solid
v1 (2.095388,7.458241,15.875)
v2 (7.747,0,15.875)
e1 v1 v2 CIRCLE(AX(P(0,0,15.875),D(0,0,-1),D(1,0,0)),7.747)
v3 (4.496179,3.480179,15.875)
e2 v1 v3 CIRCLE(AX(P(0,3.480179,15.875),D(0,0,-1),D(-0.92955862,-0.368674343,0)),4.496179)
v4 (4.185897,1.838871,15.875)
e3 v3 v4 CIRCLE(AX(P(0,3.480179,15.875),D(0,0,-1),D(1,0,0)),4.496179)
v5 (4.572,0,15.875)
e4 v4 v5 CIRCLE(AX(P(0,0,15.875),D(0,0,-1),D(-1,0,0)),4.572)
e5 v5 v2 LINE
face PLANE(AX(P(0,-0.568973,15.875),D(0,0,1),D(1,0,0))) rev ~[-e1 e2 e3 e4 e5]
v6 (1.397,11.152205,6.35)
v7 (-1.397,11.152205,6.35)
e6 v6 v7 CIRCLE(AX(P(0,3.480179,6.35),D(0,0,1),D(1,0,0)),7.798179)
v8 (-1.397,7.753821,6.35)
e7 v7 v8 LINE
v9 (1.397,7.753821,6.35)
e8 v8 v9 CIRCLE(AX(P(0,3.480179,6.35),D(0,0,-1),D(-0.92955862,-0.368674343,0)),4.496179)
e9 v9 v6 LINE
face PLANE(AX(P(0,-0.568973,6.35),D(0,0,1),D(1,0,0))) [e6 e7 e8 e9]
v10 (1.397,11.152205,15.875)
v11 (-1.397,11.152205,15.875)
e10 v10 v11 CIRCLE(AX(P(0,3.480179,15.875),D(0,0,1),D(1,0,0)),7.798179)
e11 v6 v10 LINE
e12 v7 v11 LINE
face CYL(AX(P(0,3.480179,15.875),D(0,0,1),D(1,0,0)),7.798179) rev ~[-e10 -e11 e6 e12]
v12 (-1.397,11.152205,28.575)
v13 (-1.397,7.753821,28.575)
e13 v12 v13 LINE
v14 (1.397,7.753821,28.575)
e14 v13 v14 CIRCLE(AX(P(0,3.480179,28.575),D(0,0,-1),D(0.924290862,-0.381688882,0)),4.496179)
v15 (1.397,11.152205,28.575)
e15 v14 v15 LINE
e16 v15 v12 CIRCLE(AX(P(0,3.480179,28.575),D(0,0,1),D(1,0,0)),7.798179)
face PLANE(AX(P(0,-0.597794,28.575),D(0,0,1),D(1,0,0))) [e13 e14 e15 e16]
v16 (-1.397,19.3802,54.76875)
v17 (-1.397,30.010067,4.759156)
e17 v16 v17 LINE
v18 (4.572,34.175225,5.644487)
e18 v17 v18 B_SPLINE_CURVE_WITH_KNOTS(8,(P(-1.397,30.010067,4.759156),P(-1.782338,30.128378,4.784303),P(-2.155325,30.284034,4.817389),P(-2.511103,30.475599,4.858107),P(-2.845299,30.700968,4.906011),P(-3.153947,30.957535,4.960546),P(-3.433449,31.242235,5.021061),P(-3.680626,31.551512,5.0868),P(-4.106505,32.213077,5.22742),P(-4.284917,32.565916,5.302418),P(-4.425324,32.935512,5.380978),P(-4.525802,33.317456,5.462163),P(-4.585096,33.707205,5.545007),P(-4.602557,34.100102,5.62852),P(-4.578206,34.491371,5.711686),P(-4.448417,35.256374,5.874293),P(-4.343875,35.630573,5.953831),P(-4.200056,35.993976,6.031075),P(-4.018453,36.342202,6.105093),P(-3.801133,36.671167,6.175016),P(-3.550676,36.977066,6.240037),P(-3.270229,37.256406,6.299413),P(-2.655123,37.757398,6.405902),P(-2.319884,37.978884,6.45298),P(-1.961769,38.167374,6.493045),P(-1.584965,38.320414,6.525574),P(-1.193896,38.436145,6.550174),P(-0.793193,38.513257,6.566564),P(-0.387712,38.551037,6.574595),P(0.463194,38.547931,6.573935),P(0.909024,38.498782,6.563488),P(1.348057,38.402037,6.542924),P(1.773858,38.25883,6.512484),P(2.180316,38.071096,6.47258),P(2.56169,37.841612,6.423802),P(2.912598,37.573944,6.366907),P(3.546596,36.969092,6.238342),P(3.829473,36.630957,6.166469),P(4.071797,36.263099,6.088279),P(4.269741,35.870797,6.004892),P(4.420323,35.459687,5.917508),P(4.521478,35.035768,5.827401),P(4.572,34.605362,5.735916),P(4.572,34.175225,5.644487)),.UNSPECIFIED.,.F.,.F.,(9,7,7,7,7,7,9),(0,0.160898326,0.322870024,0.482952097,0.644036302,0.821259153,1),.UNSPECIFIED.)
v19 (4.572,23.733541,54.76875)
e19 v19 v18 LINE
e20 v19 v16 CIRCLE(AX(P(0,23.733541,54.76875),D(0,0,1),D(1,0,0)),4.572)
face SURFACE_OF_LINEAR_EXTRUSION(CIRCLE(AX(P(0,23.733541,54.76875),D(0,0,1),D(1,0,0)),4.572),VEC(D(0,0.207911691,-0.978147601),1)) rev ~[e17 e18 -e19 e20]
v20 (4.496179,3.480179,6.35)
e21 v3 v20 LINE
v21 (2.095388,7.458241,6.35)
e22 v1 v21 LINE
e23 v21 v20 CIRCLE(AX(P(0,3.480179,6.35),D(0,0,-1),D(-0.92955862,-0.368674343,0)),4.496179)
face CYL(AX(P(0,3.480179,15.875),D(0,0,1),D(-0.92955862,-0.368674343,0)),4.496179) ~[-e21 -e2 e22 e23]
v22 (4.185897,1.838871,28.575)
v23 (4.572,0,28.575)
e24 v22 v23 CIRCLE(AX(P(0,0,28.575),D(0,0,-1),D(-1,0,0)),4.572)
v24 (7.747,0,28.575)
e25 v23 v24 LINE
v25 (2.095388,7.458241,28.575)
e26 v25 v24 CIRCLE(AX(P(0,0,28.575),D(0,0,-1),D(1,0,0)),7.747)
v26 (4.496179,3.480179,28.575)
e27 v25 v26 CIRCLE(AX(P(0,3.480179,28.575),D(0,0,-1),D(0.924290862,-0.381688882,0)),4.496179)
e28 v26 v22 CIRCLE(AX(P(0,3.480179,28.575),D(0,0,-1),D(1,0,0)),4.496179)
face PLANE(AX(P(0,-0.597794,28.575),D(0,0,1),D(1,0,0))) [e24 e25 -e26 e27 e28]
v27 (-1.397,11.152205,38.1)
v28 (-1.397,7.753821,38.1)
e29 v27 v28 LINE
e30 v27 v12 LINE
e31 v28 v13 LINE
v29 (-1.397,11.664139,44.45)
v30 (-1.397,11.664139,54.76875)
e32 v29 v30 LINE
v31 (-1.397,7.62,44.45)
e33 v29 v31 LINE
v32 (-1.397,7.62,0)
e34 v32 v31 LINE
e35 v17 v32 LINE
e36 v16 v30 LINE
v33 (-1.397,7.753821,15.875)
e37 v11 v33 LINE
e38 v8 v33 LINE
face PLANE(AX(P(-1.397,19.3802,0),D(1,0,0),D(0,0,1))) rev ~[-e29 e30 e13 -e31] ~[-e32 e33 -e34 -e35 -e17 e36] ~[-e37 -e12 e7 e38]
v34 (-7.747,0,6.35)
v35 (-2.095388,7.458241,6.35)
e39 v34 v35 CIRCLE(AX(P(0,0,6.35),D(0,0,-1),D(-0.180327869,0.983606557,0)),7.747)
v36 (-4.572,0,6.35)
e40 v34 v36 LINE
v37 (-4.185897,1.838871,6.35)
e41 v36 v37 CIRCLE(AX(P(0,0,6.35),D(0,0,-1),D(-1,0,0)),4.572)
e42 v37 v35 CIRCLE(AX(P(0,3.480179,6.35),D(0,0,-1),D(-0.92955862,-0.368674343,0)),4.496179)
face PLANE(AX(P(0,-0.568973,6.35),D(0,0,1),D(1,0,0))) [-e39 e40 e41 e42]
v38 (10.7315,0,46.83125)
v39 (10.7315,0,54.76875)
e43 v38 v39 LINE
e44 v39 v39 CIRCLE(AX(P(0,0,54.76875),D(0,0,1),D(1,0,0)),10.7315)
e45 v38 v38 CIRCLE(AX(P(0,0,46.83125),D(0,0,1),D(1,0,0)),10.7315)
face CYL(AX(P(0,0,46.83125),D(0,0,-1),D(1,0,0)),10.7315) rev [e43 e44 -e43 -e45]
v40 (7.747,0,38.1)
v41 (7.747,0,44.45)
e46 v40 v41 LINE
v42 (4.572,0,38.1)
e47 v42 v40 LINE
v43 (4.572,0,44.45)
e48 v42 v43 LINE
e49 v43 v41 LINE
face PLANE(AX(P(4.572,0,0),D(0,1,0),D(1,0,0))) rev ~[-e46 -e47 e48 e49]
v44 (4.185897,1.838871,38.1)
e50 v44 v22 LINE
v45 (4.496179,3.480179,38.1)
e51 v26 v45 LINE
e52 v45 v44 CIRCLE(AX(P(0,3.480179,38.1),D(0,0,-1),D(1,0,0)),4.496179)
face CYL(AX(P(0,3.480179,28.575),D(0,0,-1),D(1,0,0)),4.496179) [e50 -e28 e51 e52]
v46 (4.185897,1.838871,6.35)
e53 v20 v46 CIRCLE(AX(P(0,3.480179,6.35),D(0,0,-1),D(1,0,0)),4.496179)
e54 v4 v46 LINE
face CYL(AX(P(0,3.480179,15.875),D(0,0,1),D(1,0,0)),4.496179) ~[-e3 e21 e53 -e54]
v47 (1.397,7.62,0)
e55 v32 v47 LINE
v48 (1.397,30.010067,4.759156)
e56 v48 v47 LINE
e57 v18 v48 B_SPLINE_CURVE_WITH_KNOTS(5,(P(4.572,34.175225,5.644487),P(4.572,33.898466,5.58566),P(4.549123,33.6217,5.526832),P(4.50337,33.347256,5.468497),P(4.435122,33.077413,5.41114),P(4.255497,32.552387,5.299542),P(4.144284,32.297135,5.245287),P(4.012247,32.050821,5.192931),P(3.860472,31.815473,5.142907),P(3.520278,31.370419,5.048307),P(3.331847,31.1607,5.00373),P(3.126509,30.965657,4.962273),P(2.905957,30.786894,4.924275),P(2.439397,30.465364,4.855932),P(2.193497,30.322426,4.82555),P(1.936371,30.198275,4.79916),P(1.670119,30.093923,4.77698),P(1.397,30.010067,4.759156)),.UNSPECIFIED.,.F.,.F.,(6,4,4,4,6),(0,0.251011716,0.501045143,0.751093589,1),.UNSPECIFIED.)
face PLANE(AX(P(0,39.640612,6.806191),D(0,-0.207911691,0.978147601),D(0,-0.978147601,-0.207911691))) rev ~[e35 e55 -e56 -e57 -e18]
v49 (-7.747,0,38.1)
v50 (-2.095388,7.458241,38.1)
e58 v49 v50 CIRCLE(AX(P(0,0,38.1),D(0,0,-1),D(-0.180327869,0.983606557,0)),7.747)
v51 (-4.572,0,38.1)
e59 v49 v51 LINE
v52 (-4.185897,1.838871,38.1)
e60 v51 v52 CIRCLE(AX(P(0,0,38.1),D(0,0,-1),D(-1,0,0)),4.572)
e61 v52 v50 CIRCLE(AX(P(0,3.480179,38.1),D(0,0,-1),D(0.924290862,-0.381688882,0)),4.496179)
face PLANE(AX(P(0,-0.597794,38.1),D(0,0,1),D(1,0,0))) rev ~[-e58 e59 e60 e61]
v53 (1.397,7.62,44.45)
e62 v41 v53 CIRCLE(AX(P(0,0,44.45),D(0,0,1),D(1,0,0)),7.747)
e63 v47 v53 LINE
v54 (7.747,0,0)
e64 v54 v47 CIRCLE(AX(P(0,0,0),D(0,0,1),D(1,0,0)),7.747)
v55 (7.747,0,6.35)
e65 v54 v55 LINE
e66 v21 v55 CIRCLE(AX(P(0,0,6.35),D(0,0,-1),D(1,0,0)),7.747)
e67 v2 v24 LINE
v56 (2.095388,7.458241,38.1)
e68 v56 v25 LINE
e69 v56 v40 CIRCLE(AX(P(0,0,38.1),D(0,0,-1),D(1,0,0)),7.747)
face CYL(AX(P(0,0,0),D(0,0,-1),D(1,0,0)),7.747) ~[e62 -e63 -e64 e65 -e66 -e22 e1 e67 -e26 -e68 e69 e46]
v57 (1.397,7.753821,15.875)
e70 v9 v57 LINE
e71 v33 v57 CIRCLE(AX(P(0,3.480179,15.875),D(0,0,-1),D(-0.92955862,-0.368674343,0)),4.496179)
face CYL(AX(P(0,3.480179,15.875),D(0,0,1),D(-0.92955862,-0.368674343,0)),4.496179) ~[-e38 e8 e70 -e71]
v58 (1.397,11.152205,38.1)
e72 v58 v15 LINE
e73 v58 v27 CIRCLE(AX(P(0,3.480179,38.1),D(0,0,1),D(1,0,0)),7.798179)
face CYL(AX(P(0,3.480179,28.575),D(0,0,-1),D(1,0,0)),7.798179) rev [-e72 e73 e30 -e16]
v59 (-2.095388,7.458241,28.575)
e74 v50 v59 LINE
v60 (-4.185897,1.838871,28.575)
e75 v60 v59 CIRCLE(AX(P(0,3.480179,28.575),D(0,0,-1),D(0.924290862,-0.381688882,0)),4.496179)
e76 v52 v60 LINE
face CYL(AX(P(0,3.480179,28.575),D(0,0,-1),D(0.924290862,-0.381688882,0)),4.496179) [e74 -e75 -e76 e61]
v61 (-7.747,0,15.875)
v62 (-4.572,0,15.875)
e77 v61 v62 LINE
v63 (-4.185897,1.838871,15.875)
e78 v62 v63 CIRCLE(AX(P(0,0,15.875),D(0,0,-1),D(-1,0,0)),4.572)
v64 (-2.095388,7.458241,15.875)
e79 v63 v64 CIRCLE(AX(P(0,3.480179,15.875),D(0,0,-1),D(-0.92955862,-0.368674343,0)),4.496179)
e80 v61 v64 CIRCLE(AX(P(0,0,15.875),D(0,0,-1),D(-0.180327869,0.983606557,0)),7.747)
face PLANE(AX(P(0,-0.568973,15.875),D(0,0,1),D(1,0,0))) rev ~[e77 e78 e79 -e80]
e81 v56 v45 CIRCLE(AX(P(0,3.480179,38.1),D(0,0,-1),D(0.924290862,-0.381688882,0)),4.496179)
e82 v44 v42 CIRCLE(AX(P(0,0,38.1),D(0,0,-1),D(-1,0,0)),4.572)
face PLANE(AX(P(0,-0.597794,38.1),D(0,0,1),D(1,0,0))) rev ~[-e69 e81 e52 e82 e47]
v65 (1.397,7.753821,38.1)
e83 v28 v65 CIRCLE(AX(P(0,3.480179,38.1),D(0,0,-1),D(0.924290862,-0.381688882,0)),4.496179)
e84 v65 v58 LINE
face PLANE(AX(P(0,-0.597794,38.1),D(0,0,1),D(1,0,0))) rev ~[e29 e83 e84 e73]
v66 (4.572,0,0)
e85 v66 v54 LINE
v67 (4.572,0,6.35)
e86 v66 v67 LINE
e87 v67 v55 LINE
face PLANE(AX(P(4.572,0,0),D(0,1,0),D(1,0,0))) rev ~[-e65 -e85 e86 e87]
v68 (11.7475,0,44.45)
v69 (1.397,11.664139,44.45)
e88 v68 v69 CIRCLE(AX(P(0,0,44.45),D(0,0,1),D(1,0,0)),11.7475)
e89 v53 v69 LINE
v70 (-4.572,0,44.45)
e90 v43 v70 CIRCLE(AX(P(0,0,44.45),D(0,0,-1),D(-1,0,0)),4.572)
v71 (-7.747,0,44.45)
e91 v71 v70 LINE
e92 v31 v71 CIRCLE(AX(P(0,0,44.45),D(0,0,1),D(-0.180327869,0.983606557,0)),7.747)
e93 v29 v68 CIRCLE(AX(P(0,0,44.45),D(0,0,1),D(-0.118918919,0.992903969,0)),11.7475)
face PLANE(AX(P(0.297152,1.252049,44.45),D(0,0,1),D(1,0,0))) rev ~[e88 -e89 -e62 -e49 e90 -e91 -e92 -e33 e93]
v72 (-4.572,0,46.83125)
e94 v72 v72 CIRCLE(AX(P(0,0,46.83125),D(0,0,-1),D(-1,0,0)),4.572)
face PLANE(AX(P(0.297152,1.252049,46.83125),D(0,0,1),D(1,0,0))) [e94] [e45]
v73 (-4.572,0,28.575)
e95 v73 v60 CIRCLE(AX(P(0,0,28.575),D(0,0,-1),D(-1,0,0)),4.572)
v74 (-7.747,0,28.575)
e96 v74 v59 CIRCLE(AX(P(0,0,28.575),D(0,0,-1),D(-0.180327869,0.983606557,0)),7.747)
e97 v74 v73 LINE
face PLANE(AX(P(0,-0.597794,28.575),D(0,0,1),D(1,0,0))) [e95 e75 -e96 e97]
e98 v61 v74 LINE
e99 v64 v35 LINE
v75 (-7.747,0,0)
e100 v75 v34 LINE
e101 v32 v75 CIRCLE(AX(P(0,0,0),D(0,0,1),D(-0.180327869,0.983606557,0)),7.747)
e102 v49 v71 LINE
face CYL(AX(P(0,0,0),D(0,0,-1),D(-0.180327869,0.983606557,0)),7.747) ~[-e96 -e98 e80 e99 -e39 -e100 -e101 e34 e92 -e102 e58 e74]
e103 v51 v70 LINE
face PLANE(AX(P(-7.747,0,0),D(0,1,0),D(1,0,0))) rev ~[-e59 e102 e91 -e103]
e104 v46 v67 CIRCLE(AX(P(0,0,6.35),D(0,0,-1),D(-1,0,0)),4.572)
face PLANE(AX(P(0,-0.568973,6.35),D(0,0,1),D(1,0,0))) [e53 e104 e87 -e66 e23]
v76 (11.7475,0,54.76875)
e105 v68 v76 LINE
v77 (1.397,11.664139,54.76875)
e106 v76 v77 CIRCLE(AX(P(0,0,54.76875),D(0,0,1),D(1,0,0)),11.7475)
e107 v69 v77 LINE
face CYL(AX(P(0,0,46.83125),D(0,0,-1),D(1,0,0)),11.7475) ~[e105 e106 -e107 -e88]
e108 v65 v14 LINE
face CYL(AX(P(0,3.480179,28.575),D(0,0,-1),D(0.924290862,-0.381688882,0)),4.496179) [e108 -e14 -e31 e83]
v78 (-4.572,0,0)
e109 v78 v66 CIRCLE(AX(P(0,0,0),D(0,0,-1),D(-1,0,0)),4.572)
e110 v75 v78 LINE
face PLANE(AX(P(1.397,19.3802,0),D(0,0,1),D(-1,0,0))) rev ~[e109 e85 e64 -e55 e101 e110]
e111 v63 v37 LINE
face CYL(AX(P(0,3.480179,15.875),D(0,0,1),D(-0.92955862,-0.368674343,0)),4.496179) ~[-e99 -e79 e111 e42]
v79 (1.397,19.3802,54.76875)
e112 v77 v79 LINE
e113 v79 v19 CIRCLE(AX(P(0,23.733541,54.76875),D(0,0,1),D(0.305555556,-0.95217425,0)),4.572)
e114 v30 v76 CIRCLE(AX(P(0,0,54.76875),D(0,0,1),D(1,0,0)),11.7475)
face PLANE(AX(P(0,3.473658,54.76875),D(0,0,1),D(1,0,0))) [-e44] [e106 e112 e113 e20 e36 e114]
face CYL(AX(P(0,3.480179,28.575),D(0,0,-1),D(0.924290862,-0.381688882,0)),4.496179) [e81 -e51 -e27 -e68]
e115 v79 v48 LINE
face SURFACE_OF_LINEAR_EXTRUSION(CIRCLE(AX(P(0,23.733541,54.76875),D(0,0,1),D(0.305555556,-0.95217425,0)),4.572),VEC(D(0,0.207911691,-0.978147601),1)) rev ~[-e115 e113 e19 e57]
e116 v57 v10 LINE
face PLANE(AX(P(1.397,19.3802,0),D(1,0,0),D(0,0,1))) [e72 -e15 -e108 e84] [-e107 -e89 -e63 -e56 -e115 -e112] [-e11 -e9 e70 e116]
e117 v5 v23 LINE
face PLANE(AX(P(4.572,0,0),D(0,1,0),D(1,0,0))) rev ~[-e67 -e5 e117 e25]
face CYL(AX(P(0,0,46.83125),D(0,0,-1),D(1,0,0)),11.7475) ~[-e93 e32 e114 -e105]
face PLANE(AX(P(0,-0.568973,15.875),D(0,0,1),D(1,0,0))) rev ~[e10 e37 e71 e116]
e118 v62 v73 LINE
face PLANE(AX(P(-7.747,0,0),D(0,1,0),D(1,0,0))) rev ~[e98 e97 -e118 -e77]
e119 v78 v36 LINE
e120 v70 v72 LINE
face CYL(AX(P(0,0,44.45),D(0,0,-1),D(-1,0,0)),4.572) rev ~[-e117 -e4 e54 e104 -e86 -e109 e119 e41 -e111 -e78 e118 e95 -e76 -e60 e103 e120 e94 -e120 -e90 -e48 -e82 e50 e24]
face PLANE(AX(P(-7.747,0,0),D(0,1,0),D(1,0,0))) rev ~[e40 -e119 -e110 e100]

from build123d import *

# Parameters (mm, degrees)
F1_DEPTH    = 44.45
F9_DEPTH    = 9.525
F10_DEPTH   = 9.525
F12_DEPTH   = 2.38125
F13_R       = 11.7475
F13_R_2     = 10.7315
F14_DEPTH   = 7.9375
F15_DEPTH   = 10.31875
F15_FACE1_W = 2.794
F15_FACE1_H = 54.76875
F22_DEPTH   = 12.7


with BuildPart() as f1:
    # F0 (on Top) → F1 (new body)
    with BuildSketch(Plane.XY):
        with BuildLine():
            ThreePointArc((-4.572, 0), (0, 4.572), (4.572, 0))
            Line((4.572, 0), (7.747, 0))
            ThreePointArc((7.747, 0), (5.951410253, 4.9595085442), (1.397, 7.62))
            ThreePointArc((1.397, 7.62), (0, 7.747), (-1.397, 7.62))
            ThreePointArc((-1.397, 7.62), (-5.951410253, 4.9595085442), (-7.747, 0))
            Line((-7.747, 0), (-4.572, 0))
        make_face()
        with BuildLine():
            ThreePointArc((-1.397, 7.62), (0, 7.747), (1.397, 7.62))
            Line((1.397, 7.62), (1.397, 19.3802))
            Line((1.397, 19.3802), (-1.397, 19.3802))
            Line((-1.397, 19.3802), (-1.397, 7.62))
        make_face()
    extrude(amount=F1_DEPTH)

    # F6 (on offset) → F9 (cut)
    with BuildSketch(Plane.XY.offset(28.575)):
        with BuildLine():
            ThreePointArc((4.1557772601, 1.7640375299), (0, -1.016), (-4.1557772601, 1.7640375299))
            Line((-4.1557772601, 1.7640375299), (-7.6070004234, 1.7640375299))
            ThreePointArc((-7.6070004234, 1.7640375299), (0, -4.318), (7.6070004234, 1.7640375299))
            Line((7.6070004234, 1.7640375299), (4.1557772601, 1.7640375299))
        make_face()
        with BuildLine():
            ThreePointArc((-4.1557772601, 1.7640375299), (-0.8747878771, 7.8904367738), (4.4961791045, 3.4801791045))
            ThreePointArc((4.4961791045, 3.4801791045), (4.4102576693, 2.6053912274), (4.1557772601, 1.7640375299))
            Line((4.1557772601, 1.7640375299), (7.6070004234, 1.7640375299))
            ThreePointArc((7.6070004234, 1.7640375299), (7.750237064, 2.6168003938), (7.7981791045, 3.4801791045))
            ThreePointArc((7.7981791045, 3.4801791045), (-0.8633787106, 11.2304161684), (-7.6070004234, 1.7640375299))
            Line((-7.6070004234, 1.7640375299), (-4.1557772601, 1.7640375299))
        make_face()
        with BuildLine():
            ThreePointArc((7.6070004234, 1.7640375299), (0, -4.318), (-7.6070004234, 1.7640375299))
            Line((-7.6070004234, 1.7640375299), (-8.4216929972, 1.7640375299))
            Line((-8.4216929972, 1.7640375299), (-8.4216929972, -6.3198274001))
            Line((-8.4216929972, -6.3198274001), (11.7628639564, -6.3198274001))
            Line((11.7628639564, -6.3198274001), (11.7628639564, 1.7640375299))
            Line((11.7628639564, 1.7640375299), (7.6070004234, 1.7640375299))
        make_face()
    extrude(amount=F9_DEPTH, mode=Mode.SUBTRACT)

    # F8 (on offset) → F10 (cut)
    with BuildSketch(Plane.XY.offset(15.875)):
        with BuildLine():
            ThreePointArc((4.179462045, 1.8225532258), (0, -1.016), (-4.179462045, 1.8225532258))
            Line((-4.179462045, 1.8225532258), (-7.6199654718, 1.8225532258))
            ThreePointArc((-7.6199654718, 1.8225532258), (0, -4.318), (7.6199654718, 1.8225532258))
            Line((7.6199654718, 1.8225532258), (4.179462045, 1.8225532258))
        make_face()
        with BuildLine():
            ThreePointArc((-4.179462045, 1.8225532258), (-0.8438058499, 7.8964692022), (4.4961791045, 3.4801791045))
            ThreePointArc((4.4961791045, 3.4801791045), (4.4162900977, 2.6363732546), (4.179462045, 1.8225532258))
            Line((4.179462045, 1.8225532258), (7.6199654718, 1.8225532258))
            ThreePointArc((7.6199654718, 1.8225532258), (7.7534976902, 2.6465899292), (7.7981791045, 3.4801791045))
            ThreePointArc((7.7981791045, 3.4801791045), (-0.8335891753, 11.2336767947), (-7.6199654718, 1.8225532258))
            Line((-7.6199654718, 1.8225532258), (-4.179462045, 1.8225532258))
        make_face()
        with BuildLine():
            ThreePointArc((7.6199654718, 1.8225532258), (0, -4.318), (-7.6199654718, 1.8225532258))
            Line((-7.6199654718, 1.8225532258), (-8.5849482566, 1.8225532258))
            Line((-8.5849482566, 1.8225532258), (-8.5849482566, -5.9901881032))
            Line((-8.5849482566, -5.9901881032), (8.4006469697, -5.9901881032))
            Line((8.4006469697, -5.9901881032), (8.4006469697, 1.8225532258))
            Line((8.4006469697, 1.8225532258), (7.6199654718, 1.8225532258))
        make_face()
    extrude(amount=-F10_DEPTH, mode=Mode.SUBTRACT)

    # F11 (on face) → F12 (join)
    with BuildSketch(Plane.XY.offset(44.45)):
        with BuildLine():
            ThreePointArc((-1.397, 11.6641393703), (-7.7971949684, -8.7867802337), (11.7475, 0))
            ThreePointArc((11.7475, 0), (8.7867802337, 7.7971949684), (1.397, 11.6641393703))
            Line((1.397, 11.6641393703), (1.397, 7.62))
            ThreePointArc((1.397, 7.62), (5.951410253, 4.9595085442), (7.747, 0))
            Line((7.747, 0), (4.572, 0))
            ThreePointArc((4.572, 0), (0, -4.572), (-4.572, 0))
            Line((-4.572, 0), (-7.747, 0))
            ThreePointArc((-7.747, 0), (-5.951410253, 4.9595085442), (-1.397, 7.62))
            Line((-1.397, 7.62), (-1.397, 11.6641393703))
        make_face()
        with BuildLine():
            Line((1.397, 7.62), (1.397, 11.6641393703))
            ThreePointArc((1.397, 11.6641393703), (0, 11.7475), (-1.397, 11.6641393703))
            Line((-1.397, 11.6641393703), (-1.397, 7.62))
            ThreePointArc((-1.397, 7.62), (-5.951410253, 4.9595085442), (-7.747, 0))
            Line((-7.747, 0), (-4.572, 0))
            ThreePointArc((-4.572, 0), (0, 4.572), (4.572, 0))
            Line((4.572, 0), (7.747, 0))
            ThreePointArc((7.747, 0), (5.951410253, 4.9595085442), (1.397, 7.62))
        make_face()
    extrude(amount=F12_DEPTH)

    # F13 (on face) → F14 (join)
    with BuildSketch(Plane.XY.offset(46.83125)):
        Circle(F13_R)
        Circle(F13_R_2, mode=Mode.SUBTRACT)
    extrude(amount=F14_DEPTH)

    # F15 (add, through all): a face of the model
    f15_faces = [f1.faces().sort_by_distance(p)[0] for p in [
        (0, 15.5499360639, 44.45),
    ]]
    extrude(f15_faces, amount=F15_DEPTH)

    # F18: sweep along a path in F17
    with BuildLine(Plane.YZ) as f18_path:
        Line((23.7335406713, 54.76875), (35.3749978582, 0))
    # F16 (on face) → F18 (sweep)
    with BuildSketch(Plane.XY.offset(54.76875)):
        with BuildLine():
            ThreePointArc((1.397, 19.3802), (3.6939320514, 21.0394638349), (4.572, 23.7335406713))
            ThreePointArc((4.572, 23.7335406713), (-2.6940768363, 27.4274727226), (-1.397, 19.3802))
            Line((-1.397, 19.3802), (1.397, 19.3802))
        make_face()
    sweep(path=f18_path.line)

    # F15_face1 (on face) → F19 (join, up to the next surface of F1)
    with BuildSketch(Plane(origin=(0, 19.3802, 27.384375), x_dir=(-1, 0, 0), z_dir=(0, 1, 0))):
        Rectangle(F15_FACE1_W, F15_FACE1_H)
    extrude(until=Until.NEXT)

    # F20: union 

    # F21 (on Right) → F22 (cut, symmetric)
    with BuildSketch(Plane.YZ):
        Polygon((39.6406120252, 6.8061911946), (7.62, 0), (8.2477421489, -2.2532611279), (41.5662580615, -2.2532611279), align=None)
    extrude(amount=F22_DEPTH, both=True, mode=Mode.SUBTRACT)


solid = f1.part
